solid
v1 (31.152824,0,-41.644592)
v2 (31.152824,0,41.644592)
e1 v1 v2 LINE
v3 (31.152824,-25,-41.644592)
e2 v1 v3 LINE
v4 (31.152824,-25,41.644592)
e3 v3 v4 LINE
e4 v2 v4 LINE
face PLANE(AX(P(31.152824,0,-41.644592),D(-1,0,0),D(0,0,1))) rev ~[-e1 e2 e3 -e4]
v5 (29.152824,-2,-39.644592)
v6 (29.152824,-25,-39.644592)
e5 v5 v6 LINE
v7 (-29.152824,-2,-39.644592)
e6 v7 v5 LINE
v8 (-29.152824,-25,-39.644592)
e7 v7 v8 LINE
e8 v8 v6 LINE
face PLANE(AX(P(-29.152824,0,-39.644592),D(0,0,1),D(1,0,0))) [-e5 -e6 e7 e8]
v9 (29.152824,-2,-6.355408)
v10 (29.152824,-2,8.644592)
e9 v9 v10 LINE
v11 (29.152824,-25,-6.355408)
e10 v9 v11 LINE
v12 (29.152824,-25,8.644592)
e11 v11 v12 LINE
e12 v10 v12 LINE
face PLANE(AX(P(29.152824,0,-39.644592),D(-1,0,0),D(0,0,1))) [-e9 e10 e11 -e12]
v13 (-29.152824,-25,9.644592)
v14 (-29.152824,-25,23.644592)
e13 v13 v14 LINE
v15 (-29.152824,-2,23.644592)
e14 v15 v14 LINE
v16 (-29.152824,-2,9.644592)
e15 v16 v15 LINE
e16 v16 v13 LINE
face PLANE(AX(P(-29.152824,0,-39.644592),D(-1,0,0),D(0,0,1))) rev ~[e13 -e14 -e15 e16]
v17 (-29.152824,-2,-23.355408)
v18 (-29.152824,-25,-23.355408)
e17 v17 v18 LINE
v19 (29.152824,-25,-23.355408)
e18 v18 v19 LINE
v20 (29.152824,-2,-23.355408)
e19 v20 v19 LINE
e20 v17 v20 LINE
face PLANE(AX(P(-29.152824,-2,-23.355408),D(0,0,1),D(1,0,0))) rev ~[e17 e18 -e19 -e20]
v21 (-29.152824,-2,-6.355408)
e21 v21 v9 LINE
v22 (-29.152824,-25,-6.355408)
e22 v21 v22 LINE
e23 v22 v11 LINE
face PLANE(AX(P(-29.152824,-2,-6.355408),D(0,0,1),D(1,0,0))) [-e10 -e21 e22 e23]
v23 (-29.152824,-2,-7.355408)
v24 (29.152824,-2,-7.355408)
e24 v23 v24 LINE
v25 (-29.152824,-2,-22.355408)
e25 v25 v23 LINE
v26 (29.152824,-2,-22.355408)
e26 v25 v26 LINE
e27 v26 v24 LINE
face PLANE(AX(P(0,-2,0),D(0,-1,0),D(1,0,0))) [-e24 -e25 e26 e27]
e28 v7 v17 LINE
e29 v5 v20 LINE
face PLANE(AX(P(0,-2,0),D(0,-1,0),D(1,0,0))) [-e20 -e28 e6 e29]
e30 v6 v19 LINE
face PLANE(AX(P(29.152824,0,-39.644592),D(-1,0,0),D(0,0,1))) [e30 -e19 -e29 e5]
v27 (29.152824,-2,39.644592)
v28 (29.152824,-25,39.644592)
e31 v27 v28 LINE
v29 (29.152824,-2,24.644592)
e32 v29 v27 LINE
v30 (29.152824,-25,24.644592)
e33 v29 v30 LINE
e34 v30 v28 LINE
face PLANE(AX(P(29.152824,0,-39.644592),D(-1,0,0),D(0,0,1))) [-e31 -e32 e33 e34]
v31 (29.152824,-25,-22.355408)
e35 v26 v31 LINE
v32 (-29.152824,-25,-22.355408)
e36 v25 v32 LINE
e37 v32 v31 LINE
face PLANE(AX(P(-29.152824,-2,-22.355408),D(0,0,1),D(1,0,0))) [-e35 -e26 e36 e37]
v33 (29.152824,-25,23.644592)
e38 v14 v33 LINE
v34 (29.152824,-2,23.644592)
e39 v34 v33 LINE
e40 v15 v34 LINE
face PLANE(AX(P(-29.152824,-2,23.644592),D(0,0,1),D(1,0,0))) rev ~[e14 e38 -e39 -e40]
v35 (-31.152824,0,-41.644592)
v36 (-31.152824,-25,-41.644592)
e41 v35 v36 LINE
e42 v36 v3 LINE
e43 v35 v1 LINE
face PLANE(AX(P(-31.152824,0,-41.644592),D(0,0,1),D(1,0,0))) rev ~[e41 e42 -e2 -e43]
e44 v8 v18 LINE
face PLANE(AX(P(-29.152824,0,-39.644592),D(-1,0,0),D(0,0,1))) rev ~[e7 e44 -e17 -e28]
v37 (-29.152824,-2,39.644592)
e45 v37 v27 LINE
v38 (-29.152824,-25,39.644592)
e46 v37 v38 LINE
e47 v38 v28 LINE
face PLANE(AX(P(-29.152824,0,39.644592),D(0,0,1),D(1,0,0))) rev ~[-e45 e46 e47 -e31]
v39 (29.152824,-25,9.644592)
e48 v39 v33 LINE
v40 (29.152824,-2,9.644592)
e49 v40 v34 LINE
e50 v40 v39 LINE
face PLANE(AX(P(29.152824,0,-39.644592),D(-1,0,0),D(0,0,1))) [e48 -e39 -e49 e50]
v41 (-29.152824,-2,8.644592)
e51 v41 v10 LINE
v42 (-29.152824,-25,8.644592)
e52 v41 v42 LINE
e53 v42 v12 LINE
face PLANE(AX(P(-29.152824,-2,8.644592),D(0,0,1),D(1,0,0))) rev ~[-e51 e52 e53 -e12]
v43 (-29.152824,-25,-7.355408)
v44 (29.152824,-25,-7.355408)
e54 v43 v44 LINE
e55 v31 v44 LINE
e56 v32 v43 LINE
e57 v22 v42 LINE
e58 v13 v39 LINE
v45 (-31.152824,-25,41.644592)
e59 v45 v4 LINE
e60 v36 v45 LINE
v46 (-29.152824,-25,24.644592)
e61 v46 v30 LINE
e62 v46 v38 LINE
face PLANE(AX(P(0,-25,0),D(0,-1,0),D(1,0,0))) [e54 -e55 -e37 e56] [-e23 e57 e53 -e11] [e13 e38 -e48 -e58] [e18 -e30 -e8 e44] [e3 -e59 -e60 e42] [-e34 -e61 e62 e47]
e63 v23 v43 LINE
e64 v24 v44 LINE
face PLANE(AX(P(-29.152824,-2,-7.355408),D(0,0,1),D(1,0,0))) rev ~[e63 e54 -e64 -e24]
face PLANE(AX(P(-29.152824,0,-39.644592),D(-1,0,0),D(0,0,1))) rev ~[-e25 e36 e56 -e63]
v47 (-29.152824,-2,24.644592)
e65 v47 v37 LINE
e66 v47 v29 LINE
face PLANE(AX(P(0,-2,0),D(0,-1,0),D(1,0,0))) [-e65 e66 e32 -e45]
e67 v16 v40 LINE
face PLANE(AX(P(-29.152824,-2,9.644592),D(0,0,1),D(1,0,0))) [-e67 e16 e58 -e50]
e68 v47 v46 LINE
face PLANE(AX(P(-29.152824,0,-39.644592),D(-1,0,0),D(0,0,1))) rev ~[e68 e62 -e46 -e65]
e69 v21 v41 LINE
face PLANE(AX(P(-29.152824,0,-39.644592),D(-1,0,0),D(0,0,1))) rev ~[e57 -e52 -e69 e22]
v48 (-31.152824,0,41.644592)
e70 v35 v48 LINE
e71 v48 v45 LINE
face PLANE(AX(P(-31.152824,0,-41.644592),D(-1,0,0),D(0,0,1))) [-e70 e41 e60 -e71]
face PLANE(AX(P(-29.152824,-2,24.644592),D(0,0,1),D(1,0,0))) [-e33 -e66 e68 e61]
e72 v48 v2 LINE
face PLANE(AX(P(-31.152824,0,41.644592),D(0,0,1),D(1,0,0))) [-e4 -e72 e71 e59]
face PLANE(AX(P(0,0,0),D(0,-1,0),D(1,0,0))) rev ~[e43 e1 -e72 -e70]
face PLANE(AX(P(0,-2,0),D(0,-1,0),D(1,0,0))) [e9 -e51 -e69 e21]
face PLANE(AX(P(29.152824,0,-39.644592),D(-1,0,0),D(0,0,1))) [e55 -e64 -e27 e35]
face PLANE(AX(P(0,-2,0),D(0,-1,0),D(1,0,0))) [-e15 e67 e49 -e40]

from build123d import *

# Parameters (mm, degrees)
F0_W     = 62.305648
F0_H     = 83.289184
F0_W_2   = 58.305648
F0_H_2   = 79.289184
F1_DEPTH = 25
F2_DEPTH = 2
F3_W     = 58.305648
F3_H     = 1
F4_DEPTH = 23


with BuildPart() as f1:
    # F0 (on Front) → F1 (new body)
    with BuildSketch(Plane.XZ):
        Rectangle(F0_W, F0_H)
        Rectangle(F0_W_2, F0_H_2, mode=Mode.SUBTRACT)
    extrude(amount=F1_DEPTH)

    # F0 (on Front) → F2 (join)
    with BuildSketch(Plane.XZ):
        Rectangle(F0_W_2, F0_H_2)
    extrude(amount=F2_DEPTH)

    # F3 (on face) → F4 (join)
    with BuildSketch(Plane.XZ.offset(2)):
        with Locations((0, 24.144592)):
            Rectangle(F3_W, F3_H)
        with Locations((0, 9.144592)):
            Rectangle(F3_W, F3_H)
        with Locations((0, -6.855408)):
            Rectangle(F3_W, F3_H)
        with Locations((0, -22.855408)):
            Rectangle(F3_W, F3_H)
    extrude(amount=F4_DEPTH)


solid = f1.part
